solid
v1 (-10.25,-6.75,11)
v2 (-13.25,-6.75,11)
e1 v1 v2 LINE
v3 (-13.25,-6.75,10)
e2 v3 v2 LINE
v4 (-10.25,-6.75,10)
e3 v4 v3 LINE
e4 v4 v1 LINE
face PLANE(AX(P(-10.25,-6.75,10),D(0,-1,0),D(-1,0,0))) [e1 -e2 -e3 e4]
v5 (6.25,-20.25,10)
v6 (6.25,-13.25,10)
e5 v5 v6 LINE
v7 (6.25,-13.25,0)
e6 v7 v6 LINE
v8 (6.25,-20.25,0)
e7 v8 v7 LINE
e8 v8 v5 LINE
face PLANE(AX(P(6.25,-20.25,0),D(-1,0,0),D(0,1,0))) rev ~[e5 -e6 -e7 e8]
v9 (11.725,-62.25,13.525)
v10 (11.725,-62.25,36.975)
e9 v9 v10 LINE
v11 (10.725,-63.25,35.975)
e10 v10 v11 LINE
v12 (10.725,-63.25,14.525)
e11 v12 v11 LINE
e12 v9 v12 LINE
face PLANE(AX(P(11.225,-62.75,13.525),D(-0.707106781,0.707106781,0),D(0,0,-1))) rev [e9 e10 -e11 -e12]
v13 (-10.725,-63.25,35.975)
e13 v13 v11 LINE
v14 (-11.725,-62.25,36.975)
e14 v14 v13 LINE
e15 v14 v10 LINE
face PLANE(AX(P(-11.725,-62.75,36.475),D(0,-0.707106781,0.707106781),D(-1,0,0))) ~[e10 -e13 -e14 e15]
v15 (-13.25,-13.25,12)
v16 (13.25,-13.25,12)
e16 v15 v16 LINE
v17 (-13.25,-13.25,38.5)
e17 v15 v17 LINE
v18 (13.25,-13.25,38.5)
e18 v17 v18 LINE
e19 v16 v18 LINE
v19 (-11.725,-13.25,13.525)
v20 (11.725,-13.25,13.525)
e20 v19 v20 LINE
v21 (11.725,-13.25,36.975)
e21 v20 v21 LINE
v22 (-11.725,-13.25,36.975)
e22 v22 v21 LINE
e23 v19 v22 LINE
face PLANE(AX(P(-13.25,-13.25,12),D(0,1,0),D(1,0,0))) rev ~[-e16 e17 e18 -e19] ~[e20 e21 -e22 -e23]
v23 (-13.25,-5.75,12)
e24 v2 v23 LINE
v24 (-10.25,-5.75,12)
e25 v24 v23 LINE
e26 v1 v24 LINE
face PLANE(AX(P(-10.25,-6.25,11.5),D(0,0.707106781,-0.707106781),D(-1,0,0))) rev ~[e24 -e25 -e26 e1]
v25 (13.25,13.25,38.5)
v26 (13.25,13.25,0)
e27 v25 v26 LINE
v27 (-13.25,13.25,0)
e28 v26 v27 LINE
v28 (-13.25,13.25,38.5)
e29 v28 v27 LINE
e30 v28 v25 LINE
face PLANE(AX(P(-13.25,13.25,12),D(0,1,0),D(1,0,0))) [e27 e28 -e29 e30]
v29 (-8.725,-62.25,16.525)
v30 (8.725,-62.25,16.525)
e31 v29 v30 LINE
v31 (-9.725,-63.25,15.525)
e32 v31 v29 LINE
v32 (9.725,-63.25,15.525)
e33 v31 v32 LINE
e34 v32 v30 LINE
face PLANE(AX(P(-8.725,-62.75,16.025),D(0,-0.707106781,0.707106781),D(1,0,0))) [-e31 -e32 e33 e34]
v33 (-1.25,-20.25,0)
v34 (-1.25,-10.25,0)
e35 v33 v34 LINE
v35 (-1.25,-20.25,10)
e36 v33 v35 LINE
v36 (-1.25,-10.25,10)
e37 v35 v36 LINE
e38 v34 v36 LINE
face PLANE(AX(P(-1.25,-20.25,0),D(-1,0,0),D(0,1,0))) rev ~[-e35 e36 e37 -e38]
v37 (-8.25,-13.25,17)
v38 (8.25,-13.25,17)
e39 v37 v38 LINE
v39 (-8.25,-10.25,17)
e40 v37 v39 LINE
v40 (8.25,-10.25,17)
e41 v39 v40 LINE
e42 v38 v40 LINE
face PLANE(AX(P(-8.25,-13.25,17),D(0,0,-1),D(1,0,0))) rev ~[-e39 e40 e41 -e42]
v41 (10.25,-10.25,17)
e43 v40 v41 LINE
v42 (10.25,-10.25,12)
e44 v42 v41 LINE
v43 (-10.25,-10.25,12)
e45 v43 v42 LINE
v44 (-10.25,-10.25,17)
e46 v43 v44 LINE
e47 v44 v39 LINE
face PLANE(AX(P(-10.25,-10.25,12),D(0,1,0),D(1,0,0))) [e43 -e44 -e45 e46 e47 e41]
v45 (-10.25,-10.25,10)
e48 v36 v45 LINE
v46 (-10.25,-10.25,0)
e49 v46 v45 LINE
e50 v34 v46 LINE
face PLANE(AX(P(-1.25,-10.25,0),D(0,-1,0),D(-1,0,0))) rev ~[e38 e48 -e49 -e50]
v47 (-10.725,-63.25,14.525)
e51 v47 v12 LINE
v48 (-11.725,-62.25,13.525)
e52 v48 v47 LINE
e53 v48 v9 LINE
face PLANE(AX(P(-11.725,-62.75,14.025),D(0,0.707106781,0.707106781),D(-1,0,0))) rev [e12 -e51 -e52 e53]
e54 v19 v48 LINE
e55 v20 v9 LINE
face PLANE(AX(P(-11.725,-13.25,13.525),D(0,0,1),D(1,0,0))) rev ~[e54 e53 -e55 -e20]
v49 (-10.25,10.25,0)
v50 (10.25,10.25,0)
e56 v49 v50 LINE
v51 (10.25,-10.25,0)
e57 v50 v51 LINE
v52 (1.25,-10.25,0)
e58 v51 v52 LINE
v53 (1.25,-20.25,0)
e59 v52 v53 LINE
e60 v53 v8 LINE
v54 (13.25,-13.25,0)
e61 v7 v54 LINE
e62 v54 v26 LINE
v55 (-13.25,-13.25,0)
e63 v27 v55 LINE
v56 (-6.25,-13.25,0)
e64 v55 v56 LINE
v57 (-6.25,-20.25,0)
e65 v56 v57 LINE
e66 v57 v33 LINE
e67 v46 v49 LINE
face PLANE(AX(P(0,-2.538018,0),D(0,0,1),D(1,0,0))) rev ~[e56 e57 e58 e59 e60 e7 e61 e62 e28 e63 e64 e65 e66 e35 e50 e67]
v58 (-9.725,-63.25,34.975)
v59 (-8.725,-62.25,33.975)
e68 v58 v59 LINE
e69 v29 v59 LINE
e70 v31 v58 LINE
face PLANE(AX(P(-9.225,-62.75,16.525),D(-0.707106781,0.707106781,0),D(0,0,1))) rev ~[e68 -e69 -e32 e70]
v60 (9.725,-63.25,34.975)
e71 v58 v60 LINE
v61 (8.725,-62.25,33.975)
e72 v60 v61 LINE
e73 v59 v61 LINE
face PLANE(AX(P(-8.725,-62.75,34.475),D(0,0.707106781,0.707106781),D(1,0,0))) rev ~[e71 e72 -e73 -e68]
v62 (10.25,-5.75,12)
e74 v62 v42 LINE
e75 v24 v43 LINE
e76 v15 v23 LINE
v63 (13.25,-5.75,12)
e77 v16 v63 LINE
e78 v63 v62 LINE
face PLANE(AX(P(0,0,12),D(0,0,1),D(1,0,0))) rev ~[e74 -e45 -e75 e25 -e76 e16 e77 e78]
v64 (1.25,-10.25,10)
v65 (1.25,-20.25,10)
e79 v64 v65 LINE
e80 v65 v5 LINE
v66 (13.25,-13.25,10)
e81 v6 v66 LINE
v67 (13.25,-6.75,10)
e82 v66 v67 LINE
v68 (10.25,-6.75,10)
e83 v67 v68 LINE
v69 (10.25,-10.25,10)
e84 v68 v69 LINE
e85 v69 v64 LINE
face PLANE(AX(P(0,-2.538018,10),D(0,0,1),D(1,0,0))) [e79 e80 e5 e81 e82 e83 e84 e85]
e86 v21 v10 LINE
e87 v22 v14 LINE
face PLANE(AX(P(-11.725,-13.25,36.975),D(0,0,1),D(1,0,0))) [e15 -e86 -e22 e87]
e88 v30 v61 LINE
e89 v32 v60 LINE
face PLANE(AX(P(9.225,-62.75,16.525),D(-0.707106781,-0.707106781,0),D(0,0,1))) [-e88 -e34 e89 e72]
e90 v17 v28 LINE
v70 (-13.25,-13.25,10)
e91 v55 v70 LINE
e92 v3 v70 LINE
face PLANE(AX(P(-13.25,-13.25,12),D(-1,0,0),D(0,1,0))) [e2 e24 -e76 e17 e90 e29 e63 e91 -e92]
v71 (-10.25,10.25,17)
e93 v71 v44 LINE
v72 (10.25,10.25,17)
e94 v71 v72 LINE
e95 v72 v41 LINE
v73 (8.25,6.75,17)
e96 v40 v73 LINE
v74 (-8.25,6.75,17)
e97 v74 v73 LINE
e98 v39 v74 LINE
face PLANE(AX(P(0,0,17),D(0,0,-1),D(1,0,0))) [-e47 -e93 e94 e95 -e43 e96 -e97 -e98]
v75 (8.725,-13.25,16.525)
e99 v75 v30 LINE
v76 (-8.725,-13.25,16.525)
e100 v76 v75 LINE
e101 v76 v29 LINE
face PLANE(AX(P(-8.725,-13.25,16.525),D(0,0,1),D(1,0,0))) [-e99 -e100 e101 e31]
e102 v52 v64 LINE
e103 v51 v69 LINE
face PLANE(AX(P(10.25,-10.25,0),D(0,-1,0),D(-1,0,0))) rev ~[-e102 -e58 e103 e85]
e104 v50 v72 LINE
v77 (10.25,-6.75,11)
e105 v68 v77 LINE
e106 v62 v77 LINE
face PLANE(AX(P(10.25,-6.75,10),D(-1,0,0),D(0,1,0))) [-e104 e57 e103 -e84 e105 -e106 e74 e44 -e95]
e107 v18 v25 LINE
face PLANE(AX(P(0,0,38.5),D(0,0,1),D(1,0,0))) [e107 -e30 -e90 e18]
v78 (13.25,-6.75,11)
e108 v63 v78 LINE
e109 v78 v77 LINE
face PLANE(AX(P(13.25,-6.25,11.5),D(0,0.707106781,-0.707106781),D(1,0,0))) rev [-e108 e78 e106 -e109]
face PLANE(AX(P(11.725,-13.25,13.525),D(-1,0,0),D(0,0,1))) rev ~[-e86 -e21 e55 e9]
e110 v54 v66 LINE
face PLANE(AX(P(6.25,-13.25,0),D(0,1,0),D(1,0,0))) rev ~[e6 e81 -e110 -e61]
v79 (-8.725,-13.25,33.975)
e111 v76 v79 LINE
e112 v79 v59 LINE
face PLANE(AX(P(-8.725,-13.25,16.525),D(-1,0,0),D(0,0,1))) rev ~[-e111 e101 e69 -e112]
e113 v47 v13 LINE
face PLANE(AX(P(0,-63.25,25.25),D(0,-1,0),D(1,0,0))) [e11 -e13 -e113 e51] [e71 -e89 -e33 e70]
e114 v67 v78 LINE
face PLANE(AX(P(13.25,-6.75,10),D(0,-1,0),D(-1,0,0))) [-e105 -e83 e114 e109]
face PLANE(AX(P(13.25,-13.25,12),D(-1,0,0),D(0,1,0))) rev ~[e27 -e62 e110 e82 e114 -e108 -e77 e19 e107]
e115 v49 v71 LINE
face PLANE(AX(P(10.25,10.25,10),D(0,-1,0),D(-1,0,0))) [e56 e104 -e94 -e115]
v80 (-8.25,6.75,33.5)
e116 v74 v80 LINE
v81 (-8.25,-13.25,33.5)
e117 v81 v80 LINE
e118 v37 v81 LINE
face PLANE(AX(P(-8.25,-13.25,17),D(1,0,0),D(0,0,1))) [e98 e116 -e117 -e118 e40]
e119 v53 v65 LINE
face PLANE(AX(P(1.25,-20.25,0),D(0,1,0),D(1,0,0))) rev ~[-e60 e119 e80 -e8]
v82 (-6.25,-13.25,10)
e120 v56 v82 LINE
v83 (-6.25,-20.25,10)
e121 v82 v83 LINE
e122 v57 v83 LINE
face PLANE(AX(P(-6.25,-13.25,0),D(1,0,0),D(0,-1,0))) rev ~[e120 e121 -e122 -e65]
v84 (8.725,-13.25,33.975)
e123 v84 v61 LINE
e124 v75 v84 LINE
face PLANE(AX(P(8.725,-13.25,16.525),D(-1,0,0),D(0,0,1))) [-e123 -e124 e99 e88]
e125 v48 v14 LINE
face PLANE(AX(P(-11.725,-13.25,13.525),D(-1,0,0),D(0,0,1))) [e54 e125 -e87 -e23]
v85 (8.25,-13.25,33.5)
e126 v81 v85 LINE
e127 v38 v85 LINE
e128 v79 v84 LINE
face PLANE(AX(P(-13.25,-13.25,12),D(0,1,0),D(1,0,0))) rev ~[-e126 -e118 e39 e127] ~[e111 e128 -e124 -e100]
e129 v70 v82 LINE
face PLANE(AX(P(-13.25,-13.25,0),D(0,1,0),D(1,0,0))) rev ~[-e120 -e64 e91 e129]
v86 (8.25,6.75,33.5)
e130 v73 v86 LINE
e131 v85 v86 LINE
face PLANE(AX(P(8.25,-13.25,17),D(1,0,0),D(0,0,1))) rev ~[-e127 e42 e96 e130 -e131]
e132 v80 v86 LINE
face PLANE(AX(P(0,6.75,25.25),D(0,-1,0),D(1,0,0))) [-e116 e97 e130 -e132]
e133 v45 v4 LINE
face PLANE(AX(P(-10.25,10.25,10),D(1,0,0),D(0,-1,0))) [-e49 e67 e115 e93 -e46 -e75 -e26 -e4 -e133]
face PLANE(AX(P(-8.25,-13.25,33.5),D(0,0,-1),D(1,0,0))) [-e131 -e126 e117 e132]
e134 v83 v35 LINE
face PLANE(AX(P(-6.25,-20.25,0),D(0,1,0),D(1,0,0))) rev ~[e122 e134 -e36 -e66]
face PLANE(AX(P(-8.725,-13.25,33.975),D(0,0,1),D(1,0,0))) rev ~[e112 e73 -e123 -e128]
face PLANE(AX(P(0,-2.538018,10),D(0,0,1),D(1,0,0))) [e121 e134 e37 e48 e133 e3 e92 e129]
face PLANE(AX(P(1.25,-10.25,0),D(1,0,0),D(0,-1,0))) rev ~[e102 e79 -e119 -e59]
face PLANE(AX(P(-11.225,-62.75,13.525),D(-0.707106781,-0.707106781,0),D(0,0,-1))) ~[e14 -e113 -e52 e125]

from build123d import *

# Parameters (mm, degrees)
PAD_DEPTH       = 10
PAD001_DEPTH    = 2
CHAMFER_SIZE    = 1
SKETCH002_W     = 26.5
SKETCH002_H     = 26.5
PAD002_DEPTH    = 26.5
SKETCH003_W     = 16.5
SKETCH003_H     = 16.5
POCKET_DEPTH    = 20
SKETCH004_W     = 20.5
SKETCH004_H     = 20.5
POCKET001_DEPTH = 5
SKETCH005_W     = 23.45
SKETCH005_H     = 23.45
SKETCH005_W_2   = 17.45
SKETCH005_H_2   = 17.45
PAD003_DEPTH    = 50
CHAMFER001_SIZE = 1


with BuildPart() as part:
    # Sketch → Pad (new body)
    with BuildSketch(Plane.XY):
        Polygon((6.25, -20.25), (6.25, -13.25), (13.25, -13.25), (13.25, 13.25), (-13.25, 13.25), (-13.25, -13.25), (-6.25, -13.25), (-6.25, -20.25), (-1.25, -20.25), (-1.25, -10.25), (-10.25, -10.25), (-10.25, 10.25), (10.25, 10.25), (10.25, -10.25), (1.25, -10.25), (1.25, -20.25), align=None)
    extrude(amount=PAD_DEPTH)

    # Sketch001 (on Face18 of Pad) → Pad001 (join)
    with BuildSketch(Plane.XY.offset(10)):
        Polygon((-10.25, -6.75), (-13.25, -6.75), (-13.25, 13.25), (13.25, 13.25), (13.25, -6.75), (10.25, -6.75), (10.25, 10.25), (-10.25, 10.25), align=None)
    extrude(amount=PAD001_DEPTH)

    # Chamfer
    chamfer_edges = [part.edges().sort_by_distance(p)[0] for p in [
        (-11.75, -6.75, 12),
        (11.75, -6.75, 12),
    ]]
    chamfer(chamfer_edges, length=CHAMFER_SIZE)

    # Sketch002 (on Face7 of Chamfer) → Pad002 (join)
    with BuildSketch(Plane.XY.offset(12)):
        Rectangle(SKETCH002_W, SKETCH002_H)
    extrude(amount=PAD002_DEPTH)

    # Sketch003 (on Face20 of Pad002) → Pocket (cut)
    with BuildSketch(Plane.XZ.offset(13.25)):
        with Locations((0, 25.25)):
            Rectangle(SKETCH003_W, SKETCH003_H)
    extrude(amount=-POCKET_DEPTH, mode=Mode.SUBTRACT)

    # Sketch004 (on Face9 of Pocket) → Pocket001 (cut)
    with BuildSketch(Plane(origin=(0, 0, 12), x_dir=(1, 0, 0), z_dir=(0, 0, -1))):
        Rectangle(SKETCH004_W, SKETCH004_H)
    extrude(amount=-POCKET001_DEPTH, mode=Mode.SUBTRACT)

    # Sketch005 (on Face21 of Pocket001) → Pad003 (join)
    with BuildSketch(Plane.XZ.offset(13.25)):
        with Locations((0, 25.25)):
            Rectangle(SKETCH005_W, SKETCH005_H)
        with Locations((0, 25.25)):
            Rectangle(SKETCH005_W_2, SKETCH005_H_2, mode=Mode.SUBTRACT)
    extrude(amount=PAD003_DEPTH)

    # Chamfer001
    chamfer001_edges = [part.edges().sort_by_distance(p)[0] for p in [
        (0, -63.25, 36.975),
        (11.725, -63.25, 25.25),
        (0, -63.25, 13.525),
        (-11.725, -63.25, 25.25),
        (0, -63.25, 33.975),
        (8.725, -63.25, 25.25),
        (0, -63.25, 16.525),
        (-8.725, -63.25, 25.25),
    ]]
    chamfer(chamfer001_edges, length=CHAMFER001_SIZE)


solid = part.part
